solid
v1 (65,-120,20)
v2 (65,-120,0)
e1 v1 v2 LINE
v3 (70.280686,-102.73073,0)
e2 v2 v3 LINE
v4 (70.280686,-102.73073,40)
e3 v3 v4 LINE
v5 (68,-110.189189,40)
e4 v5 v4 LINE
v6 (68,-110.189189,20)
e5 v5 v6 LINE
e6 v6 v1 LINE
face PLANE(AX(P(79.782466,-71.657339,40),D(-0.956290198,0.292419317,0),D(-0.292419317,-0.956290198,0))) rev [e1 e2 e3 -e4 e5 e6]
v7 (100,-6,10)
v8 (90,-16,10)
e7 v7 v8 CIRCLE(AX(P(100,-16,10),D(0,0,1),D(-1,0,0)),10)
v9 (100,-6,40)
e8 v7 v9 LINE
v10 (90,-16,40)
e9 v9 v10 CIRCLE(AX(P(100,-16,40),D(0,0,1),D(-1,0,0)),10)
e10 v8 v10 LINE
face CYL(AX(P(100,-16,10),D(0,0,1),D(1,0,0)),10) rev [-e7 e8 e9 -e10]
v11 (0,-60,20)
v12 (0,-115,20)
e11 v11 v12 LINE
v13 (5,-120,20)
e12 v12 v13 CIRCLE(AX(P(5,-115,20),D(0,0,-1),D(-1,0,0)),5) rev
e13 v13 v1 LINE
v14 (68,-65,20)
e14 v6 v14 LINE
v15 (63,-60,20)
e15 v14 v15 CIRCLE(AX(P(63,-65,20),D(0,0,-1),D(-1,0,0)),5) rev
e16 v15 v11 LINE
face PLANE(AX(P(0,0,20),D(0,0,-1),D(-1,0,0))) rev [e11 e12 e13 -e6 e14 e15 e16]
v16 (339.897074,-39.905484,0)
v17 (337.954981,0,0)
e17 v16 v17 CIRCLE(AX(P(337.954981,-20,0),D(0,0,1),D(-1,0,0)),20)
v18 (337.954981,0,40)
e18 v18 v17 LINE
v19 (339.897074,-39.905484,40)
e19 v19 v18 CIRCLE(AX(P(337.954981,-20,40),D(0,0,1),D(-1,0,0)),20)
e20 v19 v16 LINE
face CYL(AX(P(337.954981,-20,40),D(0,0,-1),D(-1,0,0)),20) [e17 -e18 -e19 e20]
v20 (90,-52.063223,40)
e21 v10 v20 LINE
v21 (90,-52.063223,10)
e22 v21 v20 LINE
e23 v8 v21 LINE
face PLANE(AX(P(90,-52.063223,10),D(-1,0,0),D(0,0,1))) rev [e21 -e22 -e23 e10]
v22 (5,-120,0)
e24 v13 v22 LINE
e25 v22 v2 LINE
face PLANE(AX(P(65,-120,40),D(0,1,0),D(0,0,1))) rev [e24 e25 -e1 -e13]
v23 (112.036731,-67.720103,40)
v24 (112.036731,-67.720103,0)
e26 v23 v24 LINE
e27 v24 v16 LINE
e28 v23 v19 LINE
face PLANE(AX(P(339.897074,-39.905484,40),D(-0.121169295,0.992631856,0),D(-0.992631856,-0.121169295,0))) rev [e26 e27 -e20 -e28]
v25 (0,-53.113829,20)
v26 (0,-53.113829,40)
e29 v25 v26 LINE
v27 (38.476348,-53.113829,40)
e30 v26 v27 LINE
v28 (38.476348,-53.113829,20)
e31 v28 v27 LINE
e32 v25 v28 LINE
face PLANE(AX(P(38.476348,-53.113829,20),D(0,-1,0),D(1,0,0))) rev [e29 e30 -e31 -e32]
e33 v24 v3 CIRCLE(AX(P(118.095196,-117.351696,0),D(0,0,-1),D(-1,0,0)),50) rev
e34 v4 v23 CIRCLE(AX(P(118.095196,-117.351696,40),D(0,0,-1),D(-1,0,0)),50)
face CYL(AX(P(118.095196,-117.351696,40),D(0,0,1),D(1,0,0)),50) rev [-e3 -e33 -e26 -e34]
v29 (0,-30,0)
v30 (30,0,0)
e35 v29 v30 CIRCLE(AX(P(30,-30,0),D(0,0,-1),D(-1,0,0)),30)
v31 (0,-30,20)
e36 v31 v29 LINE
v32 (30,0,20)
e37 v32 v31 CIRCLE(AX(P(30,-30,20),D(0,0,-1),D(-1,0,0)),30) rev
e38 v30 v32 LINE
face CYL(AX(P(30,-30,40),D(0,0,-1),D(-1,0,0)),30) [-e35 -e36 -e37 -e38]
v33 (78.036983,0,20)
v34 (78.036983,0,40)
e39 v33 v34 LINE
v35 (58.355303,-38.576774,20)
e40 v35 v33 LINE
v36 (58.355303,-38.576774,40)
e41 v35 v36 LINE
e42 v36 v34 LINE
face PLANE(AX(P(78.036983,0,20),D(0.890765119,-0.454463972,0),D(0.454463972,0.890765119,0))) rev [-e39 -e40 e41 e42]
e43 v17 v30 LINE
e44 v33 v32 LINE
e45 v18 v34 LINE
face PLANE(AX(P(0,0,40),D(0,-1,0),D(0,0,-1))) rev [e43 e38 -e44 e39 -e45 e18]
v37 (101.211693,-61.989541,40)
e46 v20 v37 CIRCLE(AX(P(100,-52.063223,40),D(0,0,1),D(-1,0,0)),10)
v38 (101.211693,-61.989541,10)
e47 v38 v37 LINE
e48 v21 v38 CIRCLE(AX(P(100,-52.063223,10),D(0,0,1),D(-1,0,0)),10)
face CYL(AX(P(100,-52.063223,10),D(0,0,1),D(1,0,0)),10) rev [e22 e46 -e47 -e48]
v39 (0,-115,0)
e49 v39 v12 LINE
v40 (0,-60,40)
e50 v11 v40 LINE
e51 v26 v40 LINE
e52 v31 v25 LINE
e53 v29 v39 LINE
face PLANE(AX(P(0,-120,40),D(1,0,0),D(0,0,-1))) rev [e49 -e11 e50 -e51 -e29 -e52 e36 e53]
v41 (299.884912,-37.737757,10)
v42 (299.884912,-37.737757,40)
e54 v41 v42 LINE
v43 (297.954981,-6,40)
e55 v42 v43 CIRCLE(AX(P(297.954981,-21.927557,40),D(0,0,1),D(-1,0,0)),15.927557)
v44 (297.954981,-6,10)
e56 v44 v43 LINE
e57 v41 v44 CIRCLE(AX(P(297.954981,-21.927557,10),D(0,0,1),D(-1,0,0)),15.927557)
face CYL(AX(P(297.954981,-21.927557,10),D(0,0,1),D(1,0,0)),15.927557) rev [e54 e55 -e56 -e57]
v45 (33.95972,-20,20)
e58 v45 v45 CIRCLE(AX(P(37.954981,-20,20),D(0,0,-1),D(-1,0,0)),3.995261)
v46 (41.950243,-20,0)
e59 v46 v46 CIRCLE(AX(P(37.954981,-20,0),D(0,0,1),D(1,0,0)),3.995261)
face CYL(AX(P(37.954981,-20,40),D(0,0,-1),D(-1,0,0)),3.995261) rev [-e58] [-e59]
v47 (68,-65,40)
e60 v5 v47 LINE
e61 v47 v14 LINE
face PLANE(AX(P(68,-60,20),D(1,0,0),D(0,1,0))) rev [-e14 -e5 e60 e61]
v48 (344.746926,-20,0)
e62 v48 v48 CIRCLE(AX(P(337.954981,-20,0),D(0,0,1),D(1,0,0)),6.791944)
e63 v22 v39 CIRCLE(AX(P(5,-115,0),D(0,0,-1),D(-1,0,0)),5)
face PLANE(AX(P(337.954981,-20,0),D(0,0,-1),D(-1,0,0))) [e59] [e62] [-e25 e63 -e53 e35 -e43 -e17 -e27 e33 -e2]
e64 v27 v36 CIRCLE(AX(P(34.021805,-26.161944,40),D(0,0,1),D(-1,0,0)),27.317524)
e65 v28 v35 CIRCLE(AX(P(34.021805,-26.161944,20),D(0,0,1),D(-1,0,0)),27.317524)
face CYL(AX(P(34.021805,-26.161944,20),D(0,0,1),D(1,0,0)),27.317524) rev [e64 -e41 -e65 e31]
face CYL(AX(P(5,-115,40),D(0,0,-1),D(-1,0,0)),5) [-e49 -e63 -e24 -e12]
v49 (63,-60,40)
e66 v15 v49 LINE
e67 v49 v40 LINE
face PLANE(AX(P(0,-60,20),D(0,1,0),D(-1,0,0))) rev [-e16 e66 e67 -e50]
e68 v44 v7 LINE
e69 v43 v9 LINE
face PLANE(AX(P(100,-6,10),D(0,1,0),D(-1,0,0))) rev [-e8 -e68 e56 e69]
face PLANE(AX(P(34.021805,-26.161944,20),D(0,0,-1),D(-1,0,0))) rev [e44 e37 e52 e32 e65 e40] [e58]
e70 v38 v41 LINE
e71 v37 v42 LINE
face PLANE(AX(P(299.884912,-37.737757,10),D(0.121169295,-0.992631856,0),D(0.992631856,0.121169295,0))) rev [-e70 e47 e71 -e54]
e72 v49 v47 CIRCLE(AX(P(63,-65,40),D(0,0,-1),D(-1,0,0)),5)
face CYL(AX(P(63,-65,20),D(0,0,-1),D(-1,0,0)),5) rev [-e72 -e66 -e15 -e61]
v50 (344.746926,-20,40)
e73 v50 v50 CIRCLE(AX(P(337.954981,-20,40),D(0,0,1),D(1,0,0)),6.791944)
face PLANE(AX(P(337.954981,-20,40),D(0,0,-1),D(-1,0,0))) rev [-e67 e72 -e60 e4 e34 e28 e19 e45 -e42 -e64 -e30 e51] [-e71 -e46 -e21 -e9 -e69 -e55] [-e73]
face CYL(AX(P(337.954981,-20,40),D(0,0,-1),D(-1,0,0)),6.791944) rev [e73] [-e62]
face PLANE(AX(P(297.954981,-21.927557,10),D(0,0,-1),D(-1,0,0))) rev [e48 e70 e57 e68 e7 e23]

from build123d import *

# Parameters (mm, degrees)
SKETCH_1_R          = 6.791944052
SKETCH_1_R_2        = 3.995261207
EXTRUDE_1_DEPTH     = 40
CUT_EXTRUDE_1_DEPTH = 30
FILLET_1_R          = 50
SKETCH_3_W          = 68
SKETCH_3_H          = 60
CUT_EXTRUDE_2_DEPTH = 20
FILLET_2_R          = 30
FILLET_3_R          = 5
FILLET_4_R          = 5
CUT_EXTRUDE_3_DEPTH = 20


with BuildPart() as part:
    # ｽｹｯﾁ1 → ﾎﾞｽ - 押し出し1 (new body)
    with BuildSketch(Plane.XY):
        with BuildLine():
            Line((0, 0), (337.95498147, 0))
            ThreePointArc((337.95498147, 0), (357.931338385, -19.027804338), (339.897074223, -39.90548356))
            Line((339.897074223, -39.90548356), (79.782466467, -71.657339391))
            Line((79.782466467, -71.657339391), (65, -120))
            Line((65, -120), (0, -120))
            Line((0, -120), (0, 0))
        make_face()
        with Locations((337.95498147, -20)):
            Circle(SKETCH_1_R, mode=Mode.SUBTRACT)
        with Locations((37.95498147, -20)):
            Circle(SKETCH_1_R_2, mode=Mode.SUBTRACT)
    extrude(amount=EXTRUDE_1_DEPTH)

    # ｽｹｯﾁ2 → ｶｯﾄ - 押し出し1 (cut)
    with BuildSketch(Plane.XY.offset(40)):
        with BuildLine():
            Line((100, -6), (297.95498147, -6))
            ThreePointArc((297.95498147, -6), (313.853171972, -20.960808871), (299.884912284, -37.737756884))
            Line((299.884912284, -37.737756884), (101.211692948, -61.989541405))
            ThreePointArc((101.211692948, -61.989541405), (93.37115883, -59.550442937), (90, -52.063222842))
            Line((90, -52.063222842), (90, -16))
            ThreePointArc((90, -16), (92.928932188, -8.928932188), (100, -6))
        make_face()
    extrude(amount=-CUT_EXTRUDE_1_DEPTH, mode=Mode.SUBTRACT)

    # ﾌｨﾚｯﾄ1
    fillet_1_edges = [part.edges().sort_by_distance(p)[0] for p in [
        (79.782466467, -71.657339391, 20),
    ]]
    fillet(fillet_1_edges, radius=FILLET_1_R)

    # ｽｹｯﾁ3 → ｶｯﾄ - 押し出し2 (cut)
    with BuildSketch(Plane.XY.offset(40)):
        with Locations((34, -90)):
            Rectangle(SKETCH_3_W, SKETCH_3_H)
    extrude(amount=-CUT_EXTRUDE_2_DEPTH, mode=Mode.SUBTRACT)

    # ﾌｨﾚｯﾄ2
    fillet_2_edges = [part.edges().sort_by_distance(p)[0] for p in [
        (0, 0, 20),
    ]]
    fillet(fillet_2_edges, radius=FILLET_2_R)

    # ﾌｨﾚｯﾄ3
    fillet_3_edges = [part.edges().sort_by_distance(p)[0] for p in [
        (68, -60, 30),
    ]]
    fillet(fillet_3_edges, radius=FILLET_3_R)

    # ﾌｨﾚｯﾄ4
    fillet_4_edges = [part.edges().sort_by_distance(p)[0] for p in [
        (0, -120, 10),
    ]]
    fillet(fillet_4_edges, radius=FILLET_4_R)

    # ｽｹｯﾁ4 → ｶｯﾄ - 押し出し3 (cut)
    with BuildSketch(Plane.XY.offset(40)):
        with BuildLine():
            Line((78.036982516, 0), (58.355302576, -38.576774086))
            ThreePointArc((58.355302576, -38.576774086), (50.146919618, -48.212517196), (38.476348343, -53.113829488))
            Line((38.476348343, -53.113829488), (0, -53.113829488))
            Line((0, -53.113829488), (0, 0))
            Line((0, 0), (78.036982516, 0))
        make_face()
    extrude(amount=-CUT_EXTRUDE_3_DEPTH, mode=Mode.SUBTRACT)


solid = part.part
